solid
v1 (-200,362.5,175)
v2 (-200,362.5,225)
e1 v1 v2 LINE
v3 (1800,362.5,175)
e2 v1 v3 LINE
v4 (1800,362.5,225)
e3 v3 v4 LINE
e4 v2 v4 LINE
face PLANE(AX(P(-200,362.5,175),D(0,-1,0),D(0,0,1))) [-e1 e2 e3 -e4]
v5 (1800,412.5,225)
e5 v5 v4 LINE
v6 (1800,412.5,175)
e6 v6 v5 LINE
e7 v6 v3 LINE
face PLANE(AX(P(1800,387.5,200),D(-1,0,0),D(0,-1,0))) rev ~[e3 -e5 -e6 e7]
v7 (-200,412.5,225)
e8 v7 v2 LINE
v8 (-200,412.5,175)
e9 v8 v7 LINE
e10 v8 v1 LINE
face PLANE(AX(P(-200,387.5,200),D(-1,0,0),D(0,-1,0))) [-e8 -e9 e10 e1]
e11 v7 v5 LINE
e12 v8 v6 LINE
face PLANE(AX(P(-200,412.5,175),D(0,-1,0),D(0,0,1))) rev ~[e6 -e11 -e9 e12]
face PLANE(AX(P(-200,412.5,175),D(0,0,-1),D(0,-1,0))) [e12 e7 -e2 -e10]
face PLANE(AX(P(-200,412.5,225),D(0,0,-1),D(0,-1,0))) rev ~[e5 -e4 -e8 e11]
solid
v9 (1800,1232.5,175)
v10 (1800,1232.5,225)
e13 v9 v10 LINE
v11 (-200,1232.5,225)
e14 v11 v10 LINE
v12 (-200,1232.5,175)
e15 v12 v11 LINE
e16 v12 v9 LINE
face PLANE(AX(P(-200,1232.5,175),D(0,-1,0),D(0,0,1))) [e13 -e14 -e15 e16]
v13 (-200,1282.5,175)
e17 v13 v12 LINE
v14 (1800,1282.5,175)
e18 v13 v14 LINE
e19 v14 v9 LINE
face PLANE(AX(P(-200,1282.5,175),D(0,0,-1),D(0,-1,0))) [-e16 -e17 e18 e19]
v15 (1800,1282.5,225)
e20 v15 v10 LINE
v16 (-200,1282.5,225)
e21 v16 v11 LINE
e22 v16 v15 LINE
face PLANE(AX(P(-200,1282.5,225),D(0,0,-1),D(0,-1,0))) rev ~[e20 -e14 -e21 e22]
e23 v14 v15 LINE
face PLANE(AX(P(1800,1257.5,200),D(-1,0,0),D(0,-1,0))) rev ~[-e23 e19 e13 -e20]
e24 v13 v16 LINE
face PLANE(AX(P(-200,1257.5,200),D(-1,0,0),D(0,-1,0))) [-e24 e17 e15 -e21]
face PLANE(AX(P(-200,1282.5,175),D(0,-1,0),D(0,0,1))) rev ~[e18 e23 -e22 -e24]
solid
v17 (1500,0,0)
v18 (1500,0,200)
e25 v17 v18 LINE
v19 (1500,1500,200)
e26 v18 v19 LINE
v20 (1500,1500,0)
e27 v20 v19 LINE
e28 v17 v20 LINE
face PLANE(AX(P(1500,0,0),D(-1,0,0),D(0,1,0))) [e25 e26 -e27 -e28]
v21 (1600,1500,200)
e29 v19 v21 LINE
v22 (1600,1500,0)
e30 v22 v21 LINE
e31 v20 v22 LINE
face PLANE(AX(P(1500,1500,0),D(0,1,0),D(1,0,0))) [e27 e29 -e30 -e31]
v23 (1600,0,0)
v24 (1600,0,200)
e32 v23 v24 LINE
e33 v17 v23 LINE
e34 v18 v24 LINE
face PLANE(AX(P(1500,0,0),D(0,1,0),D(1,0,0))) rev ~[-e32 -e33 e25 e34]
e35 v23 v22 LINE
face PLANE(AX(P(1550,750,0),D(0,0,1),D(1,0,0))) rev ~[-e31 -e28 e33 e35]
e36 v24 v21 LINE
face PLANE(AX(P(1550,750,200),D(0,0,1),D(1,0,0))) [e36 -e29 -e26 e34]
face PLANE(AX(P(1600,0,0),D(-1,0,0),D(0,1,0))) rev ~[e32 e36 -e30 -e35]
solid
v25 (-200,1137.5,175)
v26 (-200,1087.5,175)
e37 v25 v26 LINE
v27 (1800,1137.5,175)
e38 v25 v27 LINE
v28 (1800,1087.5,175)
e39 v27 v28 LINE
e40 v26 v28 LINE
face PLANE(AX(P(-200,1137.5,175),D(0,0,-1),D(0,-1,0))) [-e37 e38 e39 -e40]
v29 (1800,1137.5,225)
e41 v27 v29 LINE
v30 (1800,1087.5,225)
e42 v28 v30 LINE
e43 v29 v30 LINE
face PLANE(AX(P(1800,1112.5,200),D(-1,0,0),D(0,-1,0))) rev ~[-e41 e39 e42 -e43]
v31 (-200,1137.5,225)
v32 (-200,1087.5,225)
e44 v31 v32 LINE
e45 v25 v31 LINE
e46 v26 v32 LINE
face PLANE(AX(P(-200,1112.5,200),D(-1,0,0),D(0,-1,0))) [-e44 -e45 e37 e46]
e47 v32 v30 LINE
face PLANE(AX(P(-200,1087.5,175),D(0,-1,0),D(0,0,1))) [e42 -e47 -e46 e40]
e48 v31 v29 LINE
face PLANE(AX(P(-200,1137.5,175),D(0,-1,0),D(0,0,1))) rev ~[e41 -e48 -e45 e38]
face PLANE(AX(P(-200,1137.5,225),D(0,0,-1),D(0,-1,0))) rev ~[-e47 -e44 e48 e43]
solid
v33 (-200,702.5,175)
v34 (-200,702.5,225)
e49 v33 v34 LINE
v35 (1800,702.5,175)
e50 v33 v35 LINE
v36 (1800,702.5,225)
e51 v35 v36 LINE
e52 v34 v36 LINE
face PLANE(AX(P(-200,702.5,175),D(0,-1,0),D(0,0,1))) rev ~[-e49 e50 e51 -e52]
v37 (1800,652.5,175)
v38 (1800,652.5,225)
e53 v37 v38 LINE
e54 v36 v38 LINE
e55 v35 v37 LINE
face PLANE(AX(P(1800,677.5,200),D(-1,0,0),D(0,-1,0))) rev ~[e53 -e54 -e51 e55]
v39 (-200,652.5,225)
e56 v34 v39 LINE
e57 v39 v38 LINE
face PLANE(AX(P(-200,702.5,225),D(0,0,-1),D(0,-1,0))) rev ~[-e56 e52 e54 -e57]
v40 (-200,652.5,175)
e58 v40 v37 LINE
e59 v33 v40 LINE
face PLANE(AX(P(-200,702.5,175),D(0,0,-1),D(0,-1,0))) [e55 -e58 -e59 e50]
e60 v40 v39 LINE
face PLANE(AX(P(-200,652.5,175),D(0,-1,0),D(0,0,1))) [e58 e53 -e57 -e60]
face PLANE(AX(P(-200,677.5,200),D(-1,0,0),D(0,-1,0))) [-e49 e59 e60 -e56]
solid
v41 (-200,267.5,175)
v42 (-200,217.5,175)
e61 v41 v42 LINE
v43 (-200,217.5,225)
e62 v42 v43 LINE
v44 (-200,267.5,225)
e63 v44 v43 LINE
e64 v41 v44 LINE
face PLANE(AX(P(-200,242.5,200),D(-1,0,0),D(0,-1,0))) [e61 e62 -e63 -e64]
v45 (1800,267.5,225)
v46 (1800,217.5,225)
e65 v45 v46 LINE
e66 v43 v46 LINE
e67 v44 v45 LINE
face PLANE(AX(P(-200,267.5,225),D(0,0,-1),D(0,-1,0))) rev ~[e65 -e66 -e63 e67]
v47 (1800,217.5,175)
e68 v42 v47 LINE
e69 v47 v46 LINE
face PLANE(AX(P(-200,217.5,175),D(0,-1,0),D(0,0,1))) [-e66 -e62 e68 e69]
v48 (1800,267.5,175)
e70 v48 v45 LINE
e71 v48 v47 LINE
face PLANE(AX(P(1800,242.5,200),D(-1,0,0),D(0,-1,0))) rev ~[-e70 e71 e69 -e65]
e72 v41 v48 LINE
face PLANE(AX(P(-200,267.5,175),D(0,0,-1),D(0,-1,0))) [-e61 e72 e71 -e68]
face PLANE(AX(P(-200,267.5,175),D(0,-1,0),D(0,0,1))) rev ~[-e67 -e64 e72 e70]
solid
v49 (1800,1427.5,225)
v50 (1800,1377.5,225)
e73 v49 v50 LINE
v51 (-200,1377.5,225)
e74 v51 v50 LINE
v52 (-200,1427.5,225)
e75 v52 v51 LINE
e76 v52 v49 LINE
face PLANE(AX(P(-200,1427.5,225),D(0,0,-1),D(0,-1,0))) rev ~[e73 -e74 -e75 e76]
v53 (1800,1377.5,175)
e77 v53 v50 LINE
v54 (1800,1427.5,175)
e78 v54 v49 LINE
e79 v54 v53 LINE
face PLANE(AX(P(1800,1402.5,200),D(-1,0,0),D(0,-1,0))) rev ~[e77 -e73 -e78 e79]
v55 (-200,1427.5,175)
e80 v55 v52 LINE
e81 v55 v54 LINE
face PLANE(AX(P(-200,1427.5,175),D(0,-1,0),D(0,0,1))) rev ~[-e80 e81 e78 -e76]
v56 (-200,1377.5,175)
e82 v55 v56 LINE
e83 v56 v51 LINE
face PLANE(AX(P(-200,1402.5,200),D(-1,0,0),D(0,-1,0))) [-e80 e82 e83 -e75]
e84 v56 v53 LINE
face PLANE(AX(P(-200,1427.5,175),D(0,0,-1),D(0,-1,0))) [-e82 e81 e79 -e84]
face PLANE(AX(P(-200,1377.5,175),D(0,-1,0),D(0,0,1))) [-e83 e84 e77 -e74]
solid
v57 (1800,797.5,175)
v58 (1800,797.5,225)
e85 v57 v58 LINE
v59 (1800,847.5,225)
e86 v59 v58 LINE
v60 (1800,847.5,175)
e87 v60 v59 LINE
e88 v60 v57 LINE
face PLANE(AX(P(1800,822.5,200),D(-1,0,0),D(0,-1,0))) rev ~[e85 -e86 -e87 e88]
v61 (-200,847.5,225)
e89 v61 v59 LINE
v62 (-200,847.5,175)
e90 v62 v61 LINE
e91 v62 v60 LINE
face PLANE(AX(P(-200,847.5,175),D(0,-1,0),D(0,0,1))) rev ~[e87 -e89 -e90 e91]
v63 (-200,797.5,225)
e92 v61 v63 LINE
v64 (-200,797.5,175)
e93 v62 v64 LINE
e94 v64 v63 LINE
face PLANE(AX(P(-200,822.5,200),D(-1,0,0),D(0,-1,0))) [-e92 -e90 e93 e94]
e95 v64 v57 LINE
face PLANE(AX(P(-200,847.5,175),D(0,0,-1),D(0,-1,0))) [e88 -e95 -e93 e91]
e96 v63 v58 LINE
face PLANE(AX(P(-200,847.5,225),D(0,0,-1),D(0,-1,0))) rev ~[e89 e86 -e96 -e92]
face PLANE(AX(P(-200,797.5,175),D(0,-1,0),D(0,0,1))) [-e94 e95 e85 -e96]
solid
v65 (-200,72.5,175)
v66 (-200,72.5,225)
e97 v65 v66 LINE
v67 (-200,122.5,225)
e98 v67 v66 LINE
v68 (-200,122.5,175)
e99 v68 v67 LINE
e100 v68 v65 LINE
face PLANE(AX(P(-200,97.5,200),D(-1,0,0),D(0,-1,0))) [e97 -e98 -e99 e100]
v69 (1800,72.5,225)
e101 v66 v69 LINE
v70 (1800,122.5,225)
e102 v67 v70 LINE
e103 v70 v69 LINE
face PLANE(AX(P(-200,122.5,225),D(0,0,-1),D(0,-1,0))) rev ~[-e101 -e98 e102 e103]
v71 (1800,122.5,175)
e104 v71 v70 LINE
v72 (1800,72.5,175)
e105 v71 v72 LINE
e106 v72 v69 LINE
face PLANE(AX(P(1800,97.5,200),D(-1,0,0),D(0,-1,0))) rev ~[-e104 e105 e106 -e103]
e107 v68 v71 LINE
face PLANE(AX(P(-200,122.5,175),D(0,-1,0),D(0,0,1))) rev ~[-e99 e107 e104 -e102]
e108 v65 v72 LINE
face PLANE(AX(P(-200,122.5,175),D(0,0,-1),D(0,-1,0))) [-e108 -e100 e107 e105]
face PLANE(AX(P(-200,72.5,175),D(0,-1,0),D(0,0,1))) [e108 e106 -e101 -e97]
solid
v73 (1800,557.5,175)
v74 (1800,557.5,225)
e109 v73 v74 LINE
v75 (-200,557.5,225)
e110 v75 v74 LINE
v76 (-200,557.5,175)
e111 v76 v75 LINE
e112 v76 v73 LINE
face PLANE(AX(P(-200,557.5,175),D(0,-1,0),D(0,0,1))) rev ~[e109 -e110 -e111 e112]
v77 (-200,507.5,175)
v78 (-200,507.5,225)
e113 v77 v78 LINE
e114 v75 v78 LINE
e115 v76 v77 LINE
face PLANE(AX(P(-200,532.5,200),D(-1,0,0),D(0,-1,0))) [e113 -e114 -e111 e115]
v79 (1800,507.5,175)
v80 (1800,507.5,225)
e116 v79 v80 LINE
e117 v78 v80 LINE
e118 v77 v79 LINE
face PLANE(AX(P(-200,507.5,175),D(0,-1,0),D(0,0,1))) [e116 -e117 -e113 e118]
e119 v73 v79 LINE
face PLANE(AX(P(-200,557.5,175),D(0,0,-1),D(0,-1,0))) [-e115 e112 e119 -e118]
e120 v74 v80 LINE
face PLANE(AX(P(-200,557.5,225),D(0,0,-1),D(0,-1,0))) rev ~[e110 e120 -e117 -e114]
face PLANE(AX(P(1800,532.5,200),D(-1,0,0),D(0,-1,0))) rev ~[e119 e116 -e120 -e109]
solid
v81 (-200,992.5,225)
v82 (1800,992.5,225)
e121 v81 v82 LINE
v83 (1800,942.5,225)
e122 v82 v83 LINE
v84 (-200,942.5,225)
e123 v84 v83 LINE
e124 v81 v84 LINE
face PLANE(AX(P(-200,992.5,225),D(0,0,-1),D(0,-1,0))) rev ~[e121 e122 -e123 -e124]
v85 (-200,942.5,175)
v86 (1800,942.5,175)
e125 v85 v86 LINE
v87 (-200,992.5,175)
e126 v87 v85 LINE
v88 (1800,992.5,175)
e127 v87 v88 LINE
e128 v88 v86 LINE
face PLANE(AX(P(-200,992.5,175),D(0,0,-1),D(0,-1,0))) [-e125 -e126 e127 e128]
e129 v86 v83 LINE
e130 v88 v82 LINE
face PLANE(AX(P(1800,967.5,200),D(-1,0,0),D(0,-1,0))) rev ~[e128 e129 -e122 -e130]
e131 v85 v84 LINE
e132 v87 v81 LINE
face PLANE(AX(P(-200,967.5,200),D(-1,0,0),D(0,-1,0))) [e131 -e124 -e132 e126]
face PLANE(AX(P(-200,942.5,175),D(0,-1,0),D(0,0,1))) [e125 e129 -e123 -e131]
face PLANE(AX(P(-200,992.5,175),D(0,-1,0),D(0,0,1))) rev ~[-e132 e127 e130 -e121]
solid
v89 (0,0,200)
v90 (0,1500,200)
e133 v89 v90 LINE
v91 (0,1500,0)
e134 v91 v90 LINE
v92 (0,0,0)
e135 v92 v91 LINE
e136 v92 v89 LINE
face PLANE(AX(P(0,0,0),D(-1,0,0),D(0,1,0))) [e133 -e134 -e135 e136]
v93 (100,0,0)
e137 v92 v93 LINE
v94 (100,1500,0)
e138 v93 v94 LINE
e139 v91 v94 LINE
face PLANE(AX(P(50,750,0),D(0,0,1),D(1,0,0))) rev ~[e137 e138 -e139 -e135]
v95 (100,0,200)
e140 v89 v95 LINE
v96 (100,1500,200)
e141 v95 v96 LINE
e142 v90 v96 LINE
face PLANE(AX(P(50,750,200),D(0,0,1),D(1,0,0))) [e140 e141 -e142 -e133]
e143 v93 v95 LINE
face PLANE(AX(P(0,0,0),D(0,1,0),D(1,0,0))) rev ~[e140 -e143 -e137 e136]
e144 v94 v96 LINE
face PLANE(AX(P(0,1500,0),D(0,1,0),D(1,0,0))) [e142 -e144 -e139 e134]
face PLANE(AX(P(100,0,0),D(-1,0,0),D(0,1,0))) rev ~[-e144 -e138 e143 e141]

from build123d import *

# Parameters (mm, degrees)
F0_W     = 100
F0_H     = 1500
F1_DEPTH = 200
F3_W     = 50
F3_H     = 50
F4_DEPTH = 2000


with BuildPart() as f1:
    # F0 (on Top) → F1 (new body)
    with BuildSketch(Plane.XY):
        with Locations((50, 750)):
            Rectangle(F0_W, F0_H)
    extrude(amount=F1_DEPTH)


with BuildPart() as f1b:
    # F0 (on Top) → F1, piece 2 (new body)
    with BuildSketch(Plane.XY):
        with Locations((1550, 750)):
            Rectangle(F0_W, F0_H)
    extrude(amount=F1_DEPTH)


with BuildPart() as f4:
    # F3 (on offset) → F4 (new body)
    with BuildSketch(Plane(origin=(-200, 0, 0), x_dir=(0, -1, 0), z_dir=(-1, 0, 0))):
        with Locations((-1402.5, 200)):
            Rectangle(F3_W, F3_H)
    extrude(amount=-F4_DEPTH)


with BuildPart() as f4b:
    # F3 (on offset) → F4, piece 2 (new body)
    with BuildSketch(Plane(origin=(-200, 0, 0), x_dir=(0, -1, 0), z_dir=(-1, 0, 0))):
        with Locations((-1257.5, 200)):
            Rectangle(F3_W, F3_H)
    extrude(amount=-F4_DEPTH)


with BuildPart() as f4c:
    # F3 (on offset) → F4, piece 3 (new body)
    with BuildSketch(Plane(origin=(-200, 0, 0), x_dir=(0, -1, 0), z_dir=(-1, 0, 0))):
        with Locations((-1112.5, 200)):
            Rectangle(F3_W, F3_H)
    extrude(amount=-F4_DEPTH)


with BuildPart() as f4d:
    # F3 (on offset) → F4, piece 4 (new body)
    with BuildSketch(Plane(origin=(-200, 0, 0), x_dir=(0, -1, 0), z_dir=(-1, 0, 0))):
        with Locations((-967.5, 200)):
            Rectangle(F3_W, F3_H)
    extrude(amount=-F4_DEPTH)


with BuildPart() as f4e:
    # F3 (on offset) → F4, piece 5 (new body)
    with BuildSketch(Plane(origin=(-200, 0, 0), x_dir=(0, -1, 0), z_dir=(-1, 0, 0))):
        with Locations((-822.5, 200)):
            Rectangle(F3_W, F3_H)
    extrude(amount=-F4_DEPTH)


with BuildPart() as f4f:
    # F3 (on offset) → F4, piece 6 (new body)
    with BuildSketch(Plane(origin=(-200, 0, 0), x_dir=(0, -1, 0), z_dir=(-1, 0, 0))):
        with Locations((-677.5, 200)):
            Rectangle(F3_W, F3_H)
    extrude(amount=-F4_DEPTH)


with BuildPart() as f4g:
    # F3 (on offset) → F4, piece 7 (new body)
    with BuildSketch(Plane(origin=(-200, 0, 0), x_dir=(0, -1, 0), z_dir=(-1, 0, 0))):
        with Locations((-532.5, 200)):
            Rectangle(F3_W, F3_H)
    extrude(amount=-F4_DEPTH)


with BuildPart() as f4h:
    # F3 (on offset) → F4, piece 8 (new body)
    with BuildSketch(Plane(origin=(-200, 0, 0), x_dir=(0, -1, 0), z_dir=(-1, 0, 0))):
        with Locations((-387.5, 200)):
            Rectangle(F3_W, F3_H)
    extrude(amount=-F4_DEPTH)


with BuildPart() as f4i:
    # F3 (on offset) → F4, piece 9 (new body)
    with BuildSketch(Plane(origin=(-200, 0, 0), x_dir=(0, -1, 0), z_dir=(-1, 0, 0))):
        with Locations((-242.5, 200)):
            Rectangle(F3_W, F3_H)
    extrude(amount=-F4_DEPTH)


with BuildPart() as f4j:
    # F3 (on offset) → F4, piece 10 (new body)
    with BuildSketch(Plane(origin=(-200, 0, 0), x_dir=(0, -1, 0), z_dir=(-1, 0, 0))):
        with Locations((-97.5, 200)):
            Rectangle(F3_W, F3_H)
    extrude(amount=-F4_DEPTH)


solid = Compound([f1.part, f1b.part, f4.part, f4b.part, f4c.part, f4d.part, f4e.part, f4f.part, f4g.part, f4h.part, f4i.part, f4j.part])
